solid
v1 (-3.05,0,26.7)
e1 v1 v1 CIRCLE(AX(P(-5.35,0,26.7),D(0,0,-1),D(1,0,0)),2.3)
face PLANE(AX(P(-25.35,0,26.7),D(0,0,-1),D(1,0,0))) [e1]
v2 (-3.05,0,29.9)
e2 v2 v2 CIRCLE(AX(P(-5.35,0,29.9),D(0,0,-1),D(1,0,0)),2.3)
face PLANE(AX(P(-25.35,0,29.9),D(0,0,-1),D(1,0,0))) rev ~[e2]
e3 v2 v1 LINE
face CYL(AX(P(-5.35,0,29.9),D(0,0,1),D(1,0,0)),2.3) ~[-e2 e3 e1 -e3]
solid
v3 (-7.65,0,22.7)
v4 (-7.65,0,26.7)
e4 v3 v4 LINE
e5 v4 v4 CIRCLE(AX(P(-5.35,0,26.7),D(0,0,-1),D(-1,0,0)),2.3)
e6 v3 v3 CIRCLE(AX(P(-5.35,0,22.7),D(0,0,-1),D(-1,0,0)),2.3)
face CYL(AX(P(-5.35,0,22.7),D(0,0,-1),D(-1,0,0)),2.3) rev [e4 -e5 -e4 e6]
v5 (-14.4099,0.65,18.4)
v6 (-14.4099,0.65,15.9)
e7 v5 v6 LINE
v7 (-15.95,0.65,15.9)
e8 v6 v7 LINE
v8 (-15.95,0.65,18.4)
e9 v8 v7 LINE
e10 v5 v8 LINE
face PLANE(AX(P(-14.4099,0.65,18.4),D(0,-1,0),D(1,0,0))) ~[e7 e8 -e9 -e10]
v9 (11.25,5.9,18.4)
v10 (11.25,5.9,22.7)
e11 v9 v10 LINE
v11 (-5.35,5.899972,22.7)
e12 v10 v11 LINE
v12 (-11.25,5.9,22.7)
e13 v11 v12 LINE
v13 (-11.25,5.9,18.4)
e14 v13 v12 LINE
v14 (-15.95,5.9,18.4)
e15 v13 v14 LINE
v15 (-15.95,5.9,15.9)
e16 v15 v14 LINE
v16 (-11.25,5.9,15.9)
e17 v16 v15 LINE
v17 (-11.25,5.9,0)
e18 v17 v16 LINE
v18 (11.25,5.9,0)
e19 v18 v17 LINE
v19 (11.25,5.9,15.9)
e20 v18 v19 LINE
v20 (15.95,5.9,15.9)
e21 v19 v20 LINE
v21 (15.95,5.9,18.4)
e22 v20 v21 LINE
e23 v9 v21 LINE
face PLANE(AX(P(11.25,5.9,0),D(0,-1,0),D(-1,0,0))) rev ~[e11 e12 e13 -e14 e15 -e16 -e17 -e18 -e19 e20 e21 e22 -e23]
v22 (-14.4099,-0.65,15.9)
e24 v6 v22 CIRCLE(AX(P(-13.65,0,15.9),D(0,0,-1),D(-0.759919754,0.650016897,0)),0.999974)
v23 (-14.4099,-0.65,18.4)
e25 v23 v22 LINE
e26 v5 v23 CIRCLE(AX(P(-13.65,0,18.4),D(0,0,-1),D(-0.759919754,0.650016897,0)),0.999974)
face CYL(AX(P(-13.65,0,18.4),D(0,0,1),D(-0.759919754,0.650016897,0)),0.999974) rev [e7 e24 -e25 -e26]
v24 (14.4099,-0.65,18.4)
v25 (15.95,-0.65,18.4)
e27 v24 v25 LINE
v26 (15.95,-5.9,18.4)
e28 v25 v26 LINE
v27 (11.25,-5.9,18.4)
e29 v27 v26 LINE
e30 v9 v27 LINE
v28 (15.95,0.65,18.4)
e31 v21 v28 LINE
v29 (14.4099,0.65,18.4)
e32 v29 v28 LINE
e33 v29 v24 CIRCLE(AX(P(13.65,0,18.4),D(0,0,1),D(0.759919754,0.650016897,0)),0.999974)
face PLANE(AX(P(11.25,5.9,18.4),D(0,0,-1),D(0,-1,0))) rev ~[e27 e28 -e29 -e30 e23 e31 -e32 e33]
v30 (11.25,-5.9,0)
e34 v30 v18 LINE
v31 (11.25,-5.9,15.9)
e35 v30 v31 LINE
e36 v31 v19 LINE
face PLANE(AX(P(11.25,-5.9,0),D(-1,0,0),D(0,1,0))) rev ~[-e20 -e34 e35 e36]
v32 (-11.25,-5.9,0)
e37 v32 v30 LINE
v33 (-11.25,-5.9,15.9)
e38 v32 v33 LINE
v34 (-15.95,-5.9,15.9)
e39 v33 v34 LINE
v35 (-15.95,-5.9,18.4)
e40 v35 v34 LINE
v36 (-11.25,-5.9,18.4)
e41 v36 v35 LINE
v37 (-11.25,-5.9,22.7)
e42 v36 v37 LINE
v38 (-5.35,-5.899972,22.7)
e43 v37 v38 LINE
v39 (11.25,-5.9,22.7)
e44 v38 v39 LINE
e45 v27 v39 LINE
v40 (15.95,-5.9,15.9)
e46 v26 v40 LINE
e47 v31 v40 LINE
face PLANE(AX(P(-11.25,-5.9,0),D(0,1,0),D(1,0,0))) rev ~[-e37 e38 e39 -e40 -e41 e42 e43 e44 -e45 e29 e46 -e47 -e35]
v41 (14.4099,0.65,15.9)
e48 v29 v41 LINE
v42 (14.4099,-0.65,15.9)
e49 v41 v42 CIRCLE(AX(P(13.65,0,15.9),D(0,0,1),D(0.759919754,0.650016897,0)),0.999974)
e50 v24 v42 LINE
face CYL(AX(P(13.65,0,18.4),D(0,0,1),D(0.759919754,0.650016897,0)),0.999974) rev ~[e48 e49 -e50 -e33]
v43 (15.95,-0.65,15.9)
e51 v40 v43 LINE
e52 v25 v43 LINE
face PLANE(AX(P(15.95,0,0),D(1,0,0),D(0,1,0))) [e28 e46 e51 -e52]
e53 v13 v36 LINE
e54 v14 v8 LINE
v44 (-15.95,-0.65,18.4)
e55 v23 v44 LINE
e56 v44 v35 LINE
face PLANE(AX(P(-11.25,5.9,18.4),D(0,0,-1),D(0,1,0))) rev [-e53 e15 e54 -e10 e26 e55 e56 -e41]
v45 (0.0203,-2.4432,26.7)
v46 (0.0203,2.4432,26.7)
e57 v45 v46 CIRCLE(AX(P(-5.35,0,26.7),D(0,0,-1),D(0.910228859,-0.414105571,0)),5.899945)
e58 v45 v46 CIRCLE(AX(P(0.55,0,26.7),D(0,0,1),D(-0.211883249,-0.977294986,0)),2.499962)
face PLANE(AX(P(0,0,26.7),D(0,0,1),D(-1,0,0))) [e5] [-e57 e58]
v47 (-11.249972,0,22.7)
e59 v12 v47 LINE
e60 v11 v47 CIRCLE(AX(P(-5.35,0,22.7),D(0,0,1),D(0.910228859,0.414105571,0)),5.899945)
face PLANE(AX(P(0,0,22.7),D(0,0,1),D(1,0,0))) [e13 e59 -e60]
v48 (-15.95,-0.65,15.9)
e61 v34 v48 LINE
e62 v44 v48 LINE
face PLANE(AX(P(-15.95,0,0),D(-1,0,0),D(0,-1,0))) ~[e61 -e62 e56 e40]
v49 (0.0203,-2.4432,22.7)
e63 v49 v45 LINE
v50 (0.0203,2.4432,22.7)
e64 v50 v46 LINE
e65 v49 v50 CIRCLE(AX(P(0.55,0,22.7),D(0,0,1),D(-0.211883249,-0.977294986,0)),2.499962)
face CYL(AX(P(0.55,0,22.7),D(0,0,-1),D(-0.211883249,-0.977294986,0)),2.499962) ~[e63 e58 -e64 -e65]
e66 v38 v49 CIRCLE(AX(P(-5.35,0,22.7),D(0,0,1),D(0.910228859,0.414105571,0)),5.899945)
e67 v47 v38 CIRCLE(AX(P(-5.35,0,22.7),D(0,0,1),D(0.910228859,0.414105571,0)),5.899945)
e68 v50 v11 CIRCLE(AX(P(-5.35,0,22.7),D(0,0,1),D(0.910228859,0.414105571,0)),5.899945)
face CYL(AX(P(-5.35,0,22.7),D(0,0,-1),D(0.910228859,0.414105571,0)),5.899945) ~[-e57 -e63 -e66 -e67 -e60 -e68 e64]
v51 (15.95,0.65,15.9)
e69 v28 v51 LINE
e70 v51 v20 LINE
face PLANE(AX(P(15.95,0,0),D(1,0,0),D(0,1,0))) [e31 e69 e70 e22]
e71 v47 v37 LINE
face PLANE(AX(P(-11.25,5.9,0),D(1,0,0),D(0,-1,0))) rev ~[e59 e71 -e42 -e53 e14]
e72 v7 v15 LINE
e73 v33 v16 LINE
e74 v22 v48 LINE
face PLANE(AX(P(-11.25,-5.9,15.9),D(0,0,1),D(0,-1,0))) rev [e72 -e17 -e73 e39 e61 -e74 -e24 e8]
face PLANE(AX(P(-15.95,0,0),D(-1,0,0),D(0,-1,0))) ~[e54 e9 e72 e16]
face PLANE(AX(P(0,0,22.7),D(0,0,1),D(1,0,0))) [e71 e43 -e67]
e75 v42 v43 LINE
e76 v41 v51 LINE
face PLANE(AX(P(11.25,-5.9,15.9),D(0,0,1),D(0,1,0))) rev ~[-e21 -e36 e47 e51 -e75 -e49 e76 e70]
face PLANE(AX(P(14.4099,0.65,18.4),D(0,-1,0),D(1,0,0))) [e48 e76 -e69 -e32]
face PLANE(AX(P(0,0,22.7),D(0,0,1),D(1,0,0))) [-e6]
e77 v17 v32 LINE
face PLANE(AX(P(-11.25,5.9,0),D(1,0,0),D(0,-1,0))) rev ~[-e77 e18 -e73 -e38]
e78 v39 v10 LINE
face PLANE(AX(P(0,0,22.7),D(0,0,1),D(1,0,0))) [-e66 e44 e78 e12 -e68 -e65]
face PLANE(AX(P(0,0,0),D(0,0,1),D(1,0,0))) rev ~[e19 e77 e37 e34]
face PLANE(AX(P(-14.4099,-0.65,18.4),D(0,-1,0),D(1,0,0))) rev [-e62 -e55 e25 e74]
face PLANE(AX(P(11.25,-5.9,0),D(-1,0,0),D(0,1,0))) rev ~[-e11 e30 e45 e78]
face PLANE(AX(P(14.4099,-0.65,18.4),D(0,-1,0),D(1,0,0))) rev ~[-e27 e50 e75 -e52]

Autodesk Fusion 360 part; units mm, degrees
sketch "Sketch1" plane through (0, 0, 0) normal (0, 0, 1) x (1, 0, 0)
  line L0 (11.25, 5.9) -> (-11.25, 5.9)
  line L1 (-11.25, 5.9) -> (-11.25, -5.9)
  line L2 (-11.25, -5.9) -> (11.25, -5.9)
  line L3 (11.25, -5.9) -> (11.25, 5.9)
  line L4 (11.25, 5.9) -> (-11.25, -5.9) construction
  line L5 (-11.25, 5.9) -> (11.25, -5.9) construction
  dimension "d1" = 22.5
  dimension "d2" = 11.8
extrude "Extrude1" add sketch "Sketch1" along normal blind 22.7 makes body 1
sketch "Sketch2" plane through (11.25, 0, 0) normal (1, 0, 0) x (0, 1, 0)
  line L0 (-5.9, 0) -> (5.9, 0)
  line L1 (5.9, 0) -> (5.9, 22.7)
  line L2 (5.9, 22.7) -> (-5.9, 22.7)
  line L3 (-5.9, 22.7) -> (-5.9, 0)
  line L4 (5.9, 22.7) -> (5.9, 18.4)
  line L5 (5.9, 18.4) -> (-5.9, 18.4)
  line L6 (-5.9, 18.4) -> (-5.9, 15.9)
  line L7 (-5.9, 15.9) -> (5.9, 15.9)
  line L8 (5.9, 15.9) -> (5.9, 18.4)
  dimension "d5" = 4.3
  dimension "d6" = 2.5
extrude "Extrude2" add sketch "Sketch2" along normal blind 4.7 contours L1 L3 L5 L6 L7 L8 bodies 1
sketch "Sketch3" plane through (0, 0, 18.4) normal (0, 0, 1) x (-1, 0, 0)
  line L0 (-11.25, -5.9) -> (-11.25, 5.9)
  line L1 (-11.25, 5.9) -> (-15.95, 5.9)
  line L2 (-15.95, 5.9) -> (-15.95, -5.9)
  line L3 (-15.95, -5.9) -> (-11.25, -5.9)
  line L4 (-15.95, -5.9) -> (-15.95, 0)
  line L5 (-15.95, 0) -> (-13.65, 0)
  line L6 (-14.4099, -0.65) -> (-15.95, -0.65)
  line L7 (-14.4099, 0.65) -> (-15.95, 0.65)
  arc A0 (-14.4099, -0.65) -> (-14.4099, 0.65) centre (-13.65, 0) ccw
  dimension "d9" = 2.3
  dimension "d10" = 2
  dimension "d12" = 0.65
extrude "Extrude3" cut sketch "Sketch3" against normal blind 3 contours L2 L4 L6 L7 A0 bodies 1
mirror "Mirror1" about plane through (0, 0, 0) normal (1, 0, 0) of bodies 1 merged
sketch "Sketch4" plane through (0, 0, 22.7) normal (0, 0, 1) x (-1, 0, 0)
  line L0 (-11.25, 5.9) -> (-11.25, -5.9)
  line L1 (-11.25, -5.9) -> (11.25, -5.9)
  line L2 (11.25, -5.9) -> (11.25, 5.9)
  line L3 (11.25, 5.9) -> (-11.25, 5.9)
  circle A0 centre (5.35, 0) radius 2.3
  arc A1 (-0.0203, 2.4432) -> (-0.0203, -2.4432) centre (-0.55, 0) ccw
  arc A2 (-0.0203, -2.4432) -> (-0.0203, 2.4432) centre (5.35, 0) ccw
  line L4 (5.35, 0) -> (-0.55, 0)
  dimension "d17" = 11.8
  dimension "d18" = 4.6
  dimension "d19" = 5
extrude "Extrude4" add sketch "Sketch4" along normal blind 4 contours A1 A2 bodies 1
sketch "Sketch5" plane through (0, 0, 0) normal (0, 0, 1) x (1, 0, 0)
  circle A0 centre (20, 0) radius 2.3
  dimension "d24" = 4.6
extrude "Extrude6" add sketch "Sketch5" along normal blind 3.2 separate body makes body 2
copy_body "Body->Comp1" bodies 2 removing the originals makes body 3 in component "Component"
component "Component" placed x (1, 0, 0) y (0, -1, 0) z (0, 0, -1) at (-25.35, 0, 29.9)
